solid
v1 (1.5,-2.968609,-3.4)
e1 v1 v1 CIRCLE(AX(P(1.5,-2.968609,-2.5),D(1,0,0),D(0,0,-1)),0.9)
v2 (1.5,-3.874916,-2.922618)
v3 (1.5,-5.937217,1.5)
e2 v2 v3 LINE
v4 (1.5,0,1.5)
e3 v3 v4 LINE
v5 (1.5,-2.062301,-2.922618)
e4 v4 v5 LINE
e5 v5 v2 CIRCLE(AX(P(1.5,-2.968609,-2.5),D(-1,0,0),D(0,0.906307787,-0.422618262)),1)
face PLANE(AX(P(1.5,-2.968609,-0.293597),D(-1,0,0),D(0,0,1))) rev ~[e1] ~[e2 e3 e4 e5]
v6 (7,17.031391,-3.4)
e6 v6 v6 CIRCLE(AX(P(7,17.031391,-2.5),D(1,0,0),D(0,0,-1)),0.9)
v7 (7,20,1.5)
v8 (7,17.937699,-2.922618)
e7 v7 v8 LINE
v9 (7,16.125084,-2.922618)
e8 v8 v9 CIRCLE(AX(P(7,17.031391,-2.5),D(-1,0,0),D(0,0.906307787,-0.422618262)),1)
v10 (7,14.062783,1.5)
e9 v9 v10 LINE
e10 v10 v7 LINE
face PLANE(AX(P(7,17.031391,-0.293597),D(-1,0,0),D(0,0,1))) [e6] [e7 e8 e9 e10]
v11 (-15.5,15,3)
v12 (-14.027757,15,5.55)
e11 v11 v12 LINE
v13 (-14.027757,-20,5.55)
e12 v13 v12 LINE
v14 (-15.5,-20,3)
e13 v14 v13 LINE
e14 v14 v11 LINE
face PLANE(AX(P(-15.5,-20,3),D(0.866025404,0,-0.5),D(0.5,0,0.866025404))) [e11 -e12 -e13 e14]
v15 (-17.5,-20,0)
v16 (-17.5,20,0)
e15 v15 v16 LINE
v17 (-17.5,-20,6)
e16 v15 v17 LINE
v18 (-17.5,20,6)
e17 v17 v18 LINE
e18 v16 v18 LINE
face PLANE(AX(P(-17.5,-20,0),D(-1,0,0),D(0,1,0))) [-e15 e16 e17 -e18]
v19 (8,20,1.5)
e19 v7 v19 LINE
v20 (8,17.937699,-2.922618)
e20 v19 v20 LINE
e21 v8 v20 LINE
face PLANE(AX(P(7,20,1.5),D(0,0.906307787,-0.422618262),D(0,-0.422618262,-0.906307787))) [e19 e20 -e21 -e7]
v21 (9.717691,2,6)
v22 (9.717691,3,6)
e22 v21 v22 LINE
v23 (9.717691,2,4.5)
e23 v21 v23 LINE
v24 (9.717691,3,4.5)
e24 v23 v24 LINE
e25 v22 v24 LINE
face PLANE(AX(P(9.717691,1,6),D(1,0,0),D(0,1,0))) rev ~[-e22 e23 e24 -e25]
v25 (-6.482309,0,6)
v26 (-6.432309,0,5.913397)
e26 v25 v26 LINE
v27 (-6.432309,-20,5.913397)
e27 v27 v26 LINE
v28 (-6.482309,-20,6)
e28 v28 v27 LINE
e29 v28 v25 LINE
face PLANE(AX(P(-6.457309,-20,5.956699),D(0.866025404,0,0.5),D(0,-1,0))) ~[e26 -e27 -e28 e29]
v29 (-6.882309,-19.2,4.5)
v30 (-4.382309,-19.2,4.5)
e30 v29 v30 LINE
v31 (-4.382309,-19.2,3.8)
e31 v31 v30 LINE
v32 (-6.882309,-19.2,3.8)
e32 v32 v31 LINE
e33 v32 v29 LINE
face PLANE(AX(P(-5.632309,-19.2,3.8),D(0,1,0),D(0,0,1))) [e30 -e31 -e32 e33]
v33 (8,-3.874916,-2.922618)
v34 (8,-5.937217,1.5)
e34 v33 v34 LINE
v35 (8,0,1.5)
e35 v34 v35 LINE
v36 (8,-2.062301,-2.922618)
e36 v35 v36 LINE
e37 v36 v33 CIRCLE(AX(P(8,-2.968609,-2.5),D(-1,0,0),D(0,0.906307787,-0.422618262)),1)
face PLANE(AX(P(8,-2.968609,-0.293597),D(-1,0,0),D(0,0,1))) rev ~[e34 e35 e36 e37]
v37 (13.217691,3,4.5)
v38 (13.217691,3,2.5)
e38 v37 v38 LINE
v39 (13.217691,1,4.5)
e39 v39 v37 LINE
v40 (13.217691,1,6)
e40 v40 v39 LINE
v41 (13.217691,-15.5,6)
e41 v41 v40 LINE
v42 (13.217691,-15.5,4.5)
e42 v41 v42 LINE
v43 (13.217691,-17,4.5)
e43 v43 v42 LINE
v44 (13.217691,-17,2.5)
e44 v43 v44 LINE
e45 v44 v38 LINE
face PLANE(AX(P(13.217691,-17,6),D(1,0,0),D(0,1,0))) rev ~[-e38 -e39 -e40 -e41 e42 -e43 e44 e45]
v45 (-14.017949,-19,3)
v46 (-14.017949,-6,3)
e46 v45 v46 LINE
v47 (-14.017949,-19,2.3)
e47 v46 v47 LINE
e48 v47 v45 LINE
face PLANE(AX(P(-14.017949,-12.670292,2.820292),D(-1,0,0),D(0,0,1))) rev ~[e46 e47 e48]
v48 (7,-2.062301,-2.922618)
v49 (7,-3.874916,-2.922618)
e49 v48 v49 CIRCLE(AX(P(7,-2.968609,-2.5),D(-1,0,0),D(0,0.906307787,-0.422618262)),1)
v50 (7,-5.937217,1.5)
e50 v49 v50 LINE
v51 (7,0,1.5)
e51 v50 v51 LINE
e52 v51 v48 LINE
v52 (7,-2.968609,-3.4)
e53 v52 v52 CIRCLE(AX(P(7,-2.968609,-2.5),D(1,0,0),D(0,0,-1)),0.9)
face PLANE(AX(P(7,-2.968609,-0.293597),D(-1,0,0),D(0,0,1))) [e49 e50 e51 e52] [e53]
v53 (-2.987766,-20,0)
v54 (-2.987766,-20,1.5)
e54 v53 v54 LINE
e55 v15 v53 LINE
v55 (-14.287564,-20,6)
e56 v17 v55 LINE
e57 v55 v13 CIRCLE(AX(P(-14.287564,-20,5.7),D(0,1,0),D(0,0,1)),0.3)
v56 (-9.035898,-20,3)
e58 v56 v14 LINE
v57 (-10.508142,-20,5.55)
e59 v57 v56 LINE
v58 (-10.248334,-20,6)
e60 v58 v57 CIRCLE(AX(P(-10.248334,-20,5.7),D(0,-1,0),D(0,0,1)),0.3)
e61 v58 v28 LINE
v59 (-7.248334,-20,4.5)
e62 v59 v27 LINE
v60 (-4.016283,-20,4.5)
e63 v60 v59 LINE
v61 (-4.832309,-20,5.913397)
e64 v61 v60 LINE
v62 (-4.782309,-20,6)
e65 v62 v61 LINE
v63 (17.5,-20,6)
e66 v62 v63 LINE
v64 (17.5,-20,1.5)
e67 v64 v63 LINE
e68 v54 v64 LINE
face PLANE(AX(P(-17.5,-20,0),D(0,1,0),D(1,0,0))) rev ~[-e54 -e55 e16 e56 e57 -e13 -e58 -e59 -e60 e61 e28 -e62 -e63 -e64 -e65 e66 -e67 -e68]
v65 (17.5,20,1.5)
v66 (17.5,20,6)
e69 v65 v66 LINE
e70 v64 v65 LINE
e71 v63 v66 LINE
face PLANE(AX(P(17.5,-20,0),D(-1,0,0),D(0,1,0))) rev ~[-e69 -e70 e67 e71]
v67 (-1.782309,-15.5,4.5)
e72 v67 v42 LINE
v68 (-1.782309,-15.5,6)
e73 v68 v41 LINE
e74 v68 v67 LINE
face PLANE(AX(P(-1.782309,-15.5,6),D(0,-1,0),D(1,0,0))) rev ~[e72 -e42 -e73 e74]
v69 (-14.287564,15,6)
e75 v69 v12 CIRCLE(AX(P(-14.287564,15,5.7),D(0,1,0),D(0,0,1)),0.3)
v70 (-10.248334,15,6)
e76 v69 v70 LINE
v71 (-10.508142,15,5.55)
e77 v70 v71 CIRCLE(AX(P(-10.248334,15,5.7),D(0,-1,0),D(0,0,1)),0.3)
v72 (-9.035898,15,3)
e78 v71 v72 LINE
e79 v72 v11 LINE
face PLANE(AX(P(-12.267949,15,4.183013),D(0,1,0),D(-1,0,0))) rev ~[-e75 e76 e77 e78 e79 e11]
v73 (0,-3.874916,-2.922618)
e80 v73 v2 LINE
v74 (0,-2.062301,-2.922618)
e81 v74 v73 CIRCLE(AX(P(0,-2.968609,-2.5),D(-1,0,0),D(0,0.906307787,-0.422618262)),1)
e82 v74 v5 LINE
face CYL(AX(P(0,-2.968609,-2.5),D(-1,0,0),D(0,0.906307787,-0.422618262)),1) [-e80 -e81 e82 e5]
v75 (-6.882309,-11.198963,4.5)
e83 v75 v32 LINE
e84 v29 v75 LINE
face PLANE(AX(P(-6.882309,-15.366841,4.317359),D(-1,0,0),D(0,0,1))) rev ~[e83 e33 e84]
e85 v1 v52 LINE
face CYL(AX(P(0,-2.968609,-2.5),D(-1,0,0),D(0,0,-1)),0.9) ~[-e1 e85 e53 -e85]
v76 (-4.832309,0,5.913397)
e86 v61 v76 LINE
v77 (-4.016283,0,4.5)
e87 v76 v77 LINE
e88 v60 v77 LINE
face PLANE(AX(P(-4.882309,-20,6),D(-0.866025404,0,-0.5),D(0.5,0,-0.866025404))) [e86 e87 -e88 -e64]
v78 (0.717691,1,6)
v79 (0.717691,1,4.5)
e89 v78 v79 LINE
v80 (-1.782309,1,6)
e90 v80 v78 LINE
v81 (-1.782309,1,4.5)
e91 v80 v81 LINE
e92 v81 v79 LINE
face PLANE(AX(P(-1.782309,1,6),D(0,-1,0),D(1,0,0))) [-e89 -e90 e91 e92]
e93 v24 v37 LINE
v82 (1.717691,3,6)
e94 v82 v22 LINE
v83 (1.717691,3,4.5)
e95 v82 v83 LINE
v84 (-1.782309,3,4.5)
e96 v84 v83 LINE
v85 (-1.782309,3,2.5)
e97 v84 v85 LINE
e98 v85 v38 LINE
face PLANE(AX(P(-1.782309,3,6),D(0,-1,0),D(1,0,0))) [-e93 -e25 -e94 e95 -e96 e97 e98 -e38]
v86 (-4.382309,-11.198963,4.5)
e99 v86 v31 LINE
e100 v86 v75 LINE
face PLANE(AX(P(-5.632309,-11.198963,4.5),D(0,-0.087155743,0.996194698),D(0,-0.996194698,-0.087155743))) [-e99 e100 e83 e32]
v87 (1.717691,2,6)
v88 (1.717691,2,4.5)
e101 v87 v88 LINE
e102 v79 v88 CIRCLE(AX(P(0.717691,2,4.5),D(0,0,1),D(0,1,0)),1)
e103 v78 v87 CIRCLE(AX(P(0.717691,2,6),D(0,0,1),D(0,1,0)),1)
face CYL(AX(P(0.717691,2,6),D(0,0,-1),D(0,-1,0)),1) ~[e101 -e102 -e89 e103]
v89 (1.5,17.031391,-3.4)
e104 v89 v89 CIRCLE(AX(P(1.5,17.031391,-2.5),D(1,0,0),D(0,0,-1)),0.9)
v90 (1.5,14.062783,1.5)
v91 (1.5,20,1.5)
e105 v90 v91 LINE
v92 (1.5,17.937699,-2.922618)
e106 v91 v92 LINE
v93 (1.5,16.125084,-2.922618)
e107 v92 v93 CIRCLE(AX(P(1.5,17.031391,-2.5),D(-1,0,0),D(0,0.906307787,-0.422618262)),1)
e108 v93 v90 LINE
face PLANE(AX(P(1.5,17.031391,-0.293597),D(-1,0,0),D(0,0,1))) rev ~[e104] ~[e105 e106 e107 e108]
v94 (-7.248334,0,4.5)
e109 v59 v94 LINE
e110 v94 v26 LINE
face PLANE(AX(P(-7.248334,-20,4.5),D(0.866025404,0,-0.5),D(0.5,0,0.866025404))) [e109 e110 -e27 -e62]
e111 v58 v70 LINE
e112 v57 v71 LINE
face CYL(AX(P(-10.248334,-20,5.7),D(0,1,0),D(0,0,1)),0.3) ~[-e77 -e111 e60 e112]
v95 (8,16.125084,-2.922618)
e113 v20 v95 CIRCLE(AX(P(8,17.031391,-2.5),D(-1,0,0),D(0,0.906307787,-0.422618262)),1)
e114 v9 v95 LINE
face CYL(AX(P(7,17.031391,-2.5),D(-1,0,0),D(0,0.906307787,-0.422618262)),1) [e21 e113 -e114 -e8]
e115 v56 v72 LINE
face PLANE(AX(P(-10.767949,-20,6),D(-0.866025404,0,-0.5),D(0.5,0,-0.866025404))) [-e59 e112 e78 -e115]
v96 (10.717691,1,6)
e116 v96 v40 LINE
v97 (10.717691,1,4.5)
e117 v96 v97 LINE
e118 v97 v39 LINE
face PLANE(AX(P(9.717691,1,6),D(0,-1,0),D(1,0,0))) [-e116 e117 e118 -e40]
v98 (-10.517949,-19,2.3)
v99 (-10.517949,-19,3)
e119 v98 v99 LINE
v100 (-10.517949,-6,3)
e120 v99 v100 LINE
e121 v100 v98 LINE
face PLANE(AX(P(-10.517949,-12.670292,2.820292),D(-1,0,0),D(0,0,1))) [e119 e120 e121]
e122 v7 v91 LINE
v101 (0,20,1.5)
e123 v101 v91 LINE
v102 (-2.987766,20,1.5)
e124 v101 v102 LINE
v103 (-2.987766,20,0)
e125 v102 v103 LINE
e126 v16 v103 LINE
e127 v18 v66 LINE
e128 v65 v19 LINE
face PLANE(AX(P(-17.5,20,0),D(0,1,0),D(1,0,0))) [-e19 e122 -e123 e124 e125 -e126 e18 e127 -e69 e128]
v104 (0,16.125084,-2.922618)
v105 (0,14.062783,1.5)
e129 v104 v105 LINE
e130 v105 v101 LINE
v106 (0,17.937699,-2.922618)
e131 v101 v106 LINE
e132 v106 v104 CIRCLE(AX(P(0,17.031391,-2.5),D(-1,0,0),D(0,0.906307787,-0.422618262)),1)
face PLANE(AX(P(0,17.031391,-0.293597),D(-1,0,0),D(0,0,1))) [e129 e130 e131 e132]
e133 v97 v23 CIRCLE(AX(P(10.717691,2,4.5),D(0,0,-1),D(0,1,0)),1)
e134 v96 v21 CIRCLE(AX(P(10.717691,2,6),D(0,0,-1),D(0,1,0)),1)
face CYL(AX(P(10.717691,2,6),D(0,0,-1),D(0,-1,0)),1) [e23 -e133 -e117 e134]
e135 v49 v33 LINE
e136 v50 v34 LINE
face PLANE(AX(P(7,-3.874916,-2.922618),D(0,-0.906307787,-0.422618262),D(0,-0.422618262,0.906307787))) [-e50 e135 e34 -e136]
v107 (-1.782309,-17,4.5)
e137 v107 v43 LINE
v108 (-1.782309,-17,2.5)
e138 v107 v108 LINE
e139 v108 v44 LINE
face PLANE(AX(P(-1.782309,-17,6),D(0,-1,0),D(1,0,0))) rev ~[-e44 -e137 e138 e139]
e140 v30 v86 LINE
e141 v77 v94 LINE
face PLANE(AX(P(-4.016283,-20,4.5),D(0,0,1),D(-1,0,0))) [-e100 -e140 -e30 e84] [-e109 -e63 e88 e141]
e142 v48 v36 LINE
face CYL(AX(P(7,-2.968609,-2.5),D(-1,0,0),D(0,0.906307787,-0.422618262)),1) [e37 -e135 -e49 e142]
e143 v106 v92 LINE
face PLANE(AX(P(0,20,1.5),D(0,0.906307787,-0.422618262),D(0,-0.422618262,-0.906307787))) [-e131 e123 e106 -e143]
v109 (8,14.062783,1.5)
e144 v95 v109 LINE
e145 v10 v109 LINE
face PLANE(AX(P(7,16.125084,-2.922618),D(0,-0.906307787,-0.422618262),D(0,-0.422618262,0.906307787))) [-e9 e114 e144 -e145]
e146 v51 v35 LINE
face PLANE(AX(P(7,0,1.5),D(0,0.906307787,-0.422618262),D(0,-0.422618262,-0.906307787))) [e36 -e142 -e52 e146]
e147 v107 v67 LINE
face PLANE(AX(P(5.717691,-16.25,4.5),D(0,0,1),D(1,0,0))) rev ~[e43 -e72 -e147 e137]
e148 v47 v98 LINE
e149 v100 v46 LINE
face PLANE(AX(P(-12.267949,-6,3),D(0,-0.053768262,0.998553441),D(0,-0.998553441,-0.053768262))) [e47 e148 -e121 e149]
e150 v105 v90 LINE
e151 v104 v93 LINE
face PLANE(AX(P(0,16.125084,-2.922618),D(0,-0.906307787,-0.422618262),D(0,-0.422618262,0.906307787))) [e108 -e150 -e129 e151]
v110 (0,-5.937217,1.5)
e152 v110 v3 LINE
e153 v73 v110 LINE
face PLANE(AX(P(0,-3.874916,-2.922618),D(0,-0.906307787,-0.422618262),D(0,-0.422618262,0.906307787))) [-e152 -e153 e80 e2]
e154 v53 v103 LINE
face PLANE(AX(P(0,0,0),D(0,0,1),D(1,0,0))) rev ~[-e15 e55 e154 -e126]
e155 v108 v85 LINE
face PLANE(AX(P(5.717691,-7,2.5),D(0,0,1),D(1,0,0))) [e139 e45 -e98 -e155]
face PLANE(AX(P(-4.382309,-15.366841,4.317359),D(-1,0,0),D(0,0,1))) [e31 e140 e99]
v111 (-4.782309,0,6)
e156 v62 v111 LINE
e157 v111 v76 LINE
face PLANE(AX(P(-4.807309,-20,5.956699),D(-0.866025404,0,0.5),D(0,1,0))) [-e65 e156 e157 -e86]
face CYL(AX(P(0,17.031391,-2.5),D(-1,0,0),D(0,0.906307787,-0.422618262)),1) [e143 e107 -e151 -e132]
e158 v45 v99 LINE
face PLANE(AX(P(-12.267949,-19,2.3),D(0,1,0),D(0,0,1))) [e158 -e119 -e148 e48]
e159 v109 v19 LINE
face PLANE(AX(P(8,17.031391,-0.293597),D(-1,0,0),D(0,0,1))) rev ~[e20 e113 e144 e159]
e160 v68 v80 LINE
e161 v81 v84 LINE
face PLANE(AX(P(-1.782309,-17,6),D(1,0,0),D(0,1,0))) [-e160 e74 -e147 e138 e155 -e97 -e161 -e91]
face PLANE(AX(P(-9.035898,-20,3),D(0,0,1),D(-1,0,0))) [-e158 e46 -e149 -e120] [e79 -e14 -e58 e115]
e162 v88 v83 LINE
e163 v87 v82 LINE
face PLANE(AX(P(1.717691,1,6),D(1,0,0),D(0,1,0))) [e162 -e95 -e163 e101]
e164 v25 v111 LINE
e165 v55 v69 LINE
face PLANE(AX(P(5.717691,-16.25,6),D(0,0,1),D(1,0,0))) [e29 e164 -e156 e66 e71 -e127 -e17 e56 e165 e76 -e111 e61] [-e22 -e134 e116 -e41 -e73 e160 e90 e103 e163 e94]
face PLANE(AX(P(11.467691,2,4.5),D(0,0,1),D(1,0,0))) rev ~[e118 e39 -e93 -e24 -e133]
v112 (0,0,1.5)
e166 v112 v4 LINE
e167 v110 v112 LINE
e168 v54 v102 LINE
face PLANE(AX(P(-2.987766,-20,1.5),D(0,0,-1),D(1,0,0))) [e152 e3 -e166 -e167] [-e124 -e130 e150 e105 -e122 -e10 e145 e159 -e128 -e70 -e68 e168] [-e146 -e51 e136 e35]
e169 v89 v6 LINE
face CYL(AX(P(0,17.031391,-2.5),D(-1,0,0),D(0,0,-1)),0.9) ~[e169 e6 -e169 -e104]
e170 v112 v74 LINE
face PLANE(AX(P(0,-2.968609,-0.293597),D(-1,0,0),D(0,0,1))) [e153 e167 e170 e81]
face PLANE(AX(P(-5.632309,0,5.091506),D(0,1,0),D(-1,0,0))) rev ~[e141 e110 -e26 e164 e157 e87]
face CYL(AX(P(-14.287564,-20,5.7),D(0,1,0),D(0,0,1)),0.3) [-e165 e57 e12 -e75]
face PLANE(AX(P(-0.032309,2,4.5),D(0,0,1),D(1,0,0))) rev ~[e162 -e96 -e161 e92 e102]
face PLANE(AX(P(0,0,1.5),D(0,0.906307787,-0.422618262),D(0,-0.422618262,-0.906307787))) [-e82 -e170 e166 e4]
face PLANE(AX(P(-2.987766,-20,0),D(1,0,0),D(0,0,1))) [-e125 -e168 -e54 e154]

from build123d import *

# Parameters (mm, degrees)
SKETCH1_W           = 35
SKETCH1_H           = 40
BOSS_EXTRUDE1_DEPTH = 6
CUT_EXTRUDE1_DEPTH  = 35
FILLET4_R           = 0.3
CUT_EXTRUDE4_DEPTH  = 20
CHAMFER1_SIZE       = 0.1
SKETCH10_W          = 20.487766081
SKETCH10_H          = 1.5
CUT_EXTRUDE8_DEPTH  = 45.070965499
CUT_EXTRUDE9_DEPTH  = 1.75
CUT_EXTRUDE10_DEPTH = 1.25
SKETCH13_W          = 15
SKETCH13_H          = 20
CUT_EXTRUDE11_DEPTH = 3.5
SKETCH14_W          = 15
SKETCH14_H          = 1.5
SKETCH14_W_2        = 3.5
SKETCH14_H_2        = 2
BOSS_EXTRUDE2_DEPTH = 1.5
FILLET5_R           = 1
SKETCH15_R          = 0.9
BOSS_EXTRUDE3_DEPTH = 1.5
BOSS_EXTRUDE4_START = 7
SKETCH15_3_R        = 0.9
BOSS_EXTRUDE4_DEPTH = 1
SKETCH15_4_R        = 0.9
BOSS_EXTRUDE5_DEPTH = 8


with BuildPart() as part:
    # Sketch1 → Boss-Extrude1 (new body)
    with BuildSketch(Plane.XY):
        Rectangle(SKETCH1_W, SKETCH1_H)
    extrude(amount=BOSS_EXTRUDE1_DEPTH)

    # Sketch2 → Cut-Extrude1 (cut)
    with BuildSketch(Plane.XZ.offset(20)):
        Polygon((-10.767949192, 6), (-9.035898385, 3), (-15.5, 3), (-13.767949192, 6), align=None)
    extrude(amount=-CUT_EXTRUDE1_DEPTH, mode=Mode.SUBTRACT)

    # Fillet4
    fillet4_edges = [part.edges().sort_by_distance(p)[0] for p in [
        (-13.767949192, -2.5, 6),
        (-10.767949192, -2.5, 6),
    ]]
    fillet(fillet4_edges, radius=FILLET4_R)

    # Sketch5 → Cut-Extrude4 (cut)
    with BuildSketch(Plane.XZ.offset(20)):
        Polygon((-4.882308546, 6), (-4.016283143, 4.5), (-7.24833395, 4.5), (-6.382308546, 6), align=None)
    extrude(amount=-CUT_EXTRUDE4_DEPTH, mode=Mode.SUBTRACT)

    # Chamfer1
    chamfer1_edges = [part.edges().sort_by_distance(p)[0] for p in [
        (-6.382308546, -10, 6),
        (-4.882308546, -10, 6),
    ]]
    chamfer(chamfer1_edges, length=CHAMFER1_SIZE)

    # Sketch10 → Cut-Extrude8 (cut, through all)
    with BuildSketch(Plane.XZ.offset(20)):
        with Locations((7.256116959, 0.75)):
            Rectangle(SKETCH10_W, SKETCH10_H)
    extrude(amount=-CUT_EXTRUDE8_DEPTH, mode=Mode.SUBTRACT)

    # Sketch11 → Cut-Extrude9 (cut, symmetric)
    with BuildSketch(Plane(origin=(-12.267949192, 0, 0), x_dir=(0, 0, -1), z_dir=(1, 0, 0))):
        Polygon((-3, -19), (-3, -6), (-2.3, -19), align=None)
    extrude(amount=CUT_EXTRUDE9_DEPTH, both=True, mode=Mode.SUBTRACT)

    # Sketch12 → Cut-Extrude10 (cut, symmetric)
    with BuildSketch(Plane(origin=(-5.632308546, 0, 0), x_dir=(0, 0, -1), z_dir=(1, 0, 0))):
        Polygon((-4.5, -19.2), (-4.5, -11.198963388), (-3.8, -19.2), align=None)
    extrude(amount=CUT_EXTRUDE10_DEPTH, both=True, mode=Mode.SUBTRACT)

    # Sketch13 → Cut-Extrude11 (cut)
    with BuildSketch(Plane.XY.offset(6)):
        with Locations((5.717691454, -7)):
            Rectangle(SKETCH13_W, SKETCH13_H)
    extrude(amount=-CUT_EXTRUDE11_DEPTH, mode=Mode.SUBTRACT)

    # Sketch14 → Boss-Extrude2 (add)
    with BuildSketch(Plane.XY.offset(6)):
        with Locations((5.717691454, -16.25)):
            Rectangle(SKETCH14_W, SKETCH14_H)
        with Locations((-0.032308546, 2)):
            Rectangle(SKETCH14_W_2, SKETCH14_H_2)
        with Locations((11.467691454, 2)):
            Rectangle(SKETCH14_W_2, SKETCH14_H_2)
    extrude(amount=-BOSS_EXTRUDE2_DEPTH)

    # Fillet5
    fillet5_edges = [part.edges().sort_by_distance(p)[0] for p in [
        (1.717691454, 1, 5.25),
        (9.717691454, 1, 5.25),
    ]]
    fillet(fillet5_edges, radius=FILLET5_R)

    # Sketch15 → Boss-Extrude3 (add)
    # profile 1 of 2: a face of its own
    with BuildSketch(Plane(origin=(0, 0, 0), x_dir=(0, 0, -1), z_dir=(1, 0, 0))):
        with BuildLine():
            Line((2.922618262, 16.125083661), (-1.5, 14.062782897))
            Line((-1.5, 14.062782897), (-1.5, 20))
            Line((-1.5, 20), (2.922618262, 17.937699235))
            ThreePointArc((2.922618262, 17.937699235), (3.5, 17.031391448), (2.922618262, 16.125083661))
        make_face()
        with Locations((2.5, 17.031391448)):
            Circle(SKETCH15_R, mode=Mode.SUBTRACT)
    # profile 2 of 2: a face of its own
    with BuildSketch(Plane(origin=(0, 0, 0), x_dir=(0, 0, -1), z_dir=(1, 0, 0))):
        with BuildLine():
            ThreePointArc((2.922618262, -2.062300765), (3.5, -2.968608552), (2.922618262, -3.874916339))
            Line((2.922618262, -3.874916339), (-1.5, -5.937217103))
            Line((-1.5, -5.937217103), (-1.5, 0))
            Line((-1.5, 0), (2.922618262, -2.062300765))
        make_face()
        with Locations((2.5, -2.968608552)):
            Circle(SKETCH15_R, mode=Mode.SUBTRACT)
    extrude(amount=BOSS_EXTRUDE3_DEPTH)

    # Sketch15<3> → Boss-Extrude4 (add)
    # profile 1 of 2: a face of its own
    with BuildSketch(Plane(origin=(0, 0, 0), x_dir=(0, 0, -1), z_dir=(1, 0, 0)).offset(BOSS_EXTRUDE4_START)):
        with BuildLine():
            ThreePointArc((2.922618262, -2.062300765), (3.5, -2.968608552), (2.922618262, -3.874916339))
            Line((2.922618262, -3.874916339), (-1.5, -5.937217103))
            Line((-1.5, -5.937217103), (-1.5, 0))
            Line((-1.5, 0), (2.922618262, -2.062300765))
        make_face()
        with Locations((2.5, -2.968608552)):
            Circle(SKETCH15_3_R, mode=Mode.SUBTRACT)
    # profile 2 of 2: a face of its own
    with BuildSketch(Plane(origin=(0, 0, 0), x_dir=(0, 0, -1), z_dir=(1, 0, 0)).offset(BOSS_EXTRUDE4_START)):
        with BuildLine():
            Line((2.922618262, 16.125083661), (-1.5, 14.062782897))
            Line((-1.5, 14.062782897), (-1.5, 20))
            Line((-1.5, 20), (2.922618262, 17.937699235))
            ThreePointArc((2.922618262, 17.937699235), (3.5, 17.031391448), (2.922618262, 16.125083661))
        make_face()
        with Locations((2.5, 17.031391448)):
            Circle(SKETCH15_3_R, mode=Mode.SUBTRACT)
    extrude(amount=BOSS_EXTRUDE4_DEPTH)

    # Sketch15<4> → Boss-Extrude5 (add)
    with BuildSketch(Plane(origin=(0, 0, 0), x_dir=(0, 0, -1), z_dir=(1, 0, 0))):
        with Locations((2.5, 17.031391448)):
            Circle(SKETCH15_4_R)
        with Locations((2.5, -2.968608552)):
            Circle(SKETCH15_4_R)
    extrude(amount=BOSS_EXTRUDE5_DEPTH)


solid = part.part
